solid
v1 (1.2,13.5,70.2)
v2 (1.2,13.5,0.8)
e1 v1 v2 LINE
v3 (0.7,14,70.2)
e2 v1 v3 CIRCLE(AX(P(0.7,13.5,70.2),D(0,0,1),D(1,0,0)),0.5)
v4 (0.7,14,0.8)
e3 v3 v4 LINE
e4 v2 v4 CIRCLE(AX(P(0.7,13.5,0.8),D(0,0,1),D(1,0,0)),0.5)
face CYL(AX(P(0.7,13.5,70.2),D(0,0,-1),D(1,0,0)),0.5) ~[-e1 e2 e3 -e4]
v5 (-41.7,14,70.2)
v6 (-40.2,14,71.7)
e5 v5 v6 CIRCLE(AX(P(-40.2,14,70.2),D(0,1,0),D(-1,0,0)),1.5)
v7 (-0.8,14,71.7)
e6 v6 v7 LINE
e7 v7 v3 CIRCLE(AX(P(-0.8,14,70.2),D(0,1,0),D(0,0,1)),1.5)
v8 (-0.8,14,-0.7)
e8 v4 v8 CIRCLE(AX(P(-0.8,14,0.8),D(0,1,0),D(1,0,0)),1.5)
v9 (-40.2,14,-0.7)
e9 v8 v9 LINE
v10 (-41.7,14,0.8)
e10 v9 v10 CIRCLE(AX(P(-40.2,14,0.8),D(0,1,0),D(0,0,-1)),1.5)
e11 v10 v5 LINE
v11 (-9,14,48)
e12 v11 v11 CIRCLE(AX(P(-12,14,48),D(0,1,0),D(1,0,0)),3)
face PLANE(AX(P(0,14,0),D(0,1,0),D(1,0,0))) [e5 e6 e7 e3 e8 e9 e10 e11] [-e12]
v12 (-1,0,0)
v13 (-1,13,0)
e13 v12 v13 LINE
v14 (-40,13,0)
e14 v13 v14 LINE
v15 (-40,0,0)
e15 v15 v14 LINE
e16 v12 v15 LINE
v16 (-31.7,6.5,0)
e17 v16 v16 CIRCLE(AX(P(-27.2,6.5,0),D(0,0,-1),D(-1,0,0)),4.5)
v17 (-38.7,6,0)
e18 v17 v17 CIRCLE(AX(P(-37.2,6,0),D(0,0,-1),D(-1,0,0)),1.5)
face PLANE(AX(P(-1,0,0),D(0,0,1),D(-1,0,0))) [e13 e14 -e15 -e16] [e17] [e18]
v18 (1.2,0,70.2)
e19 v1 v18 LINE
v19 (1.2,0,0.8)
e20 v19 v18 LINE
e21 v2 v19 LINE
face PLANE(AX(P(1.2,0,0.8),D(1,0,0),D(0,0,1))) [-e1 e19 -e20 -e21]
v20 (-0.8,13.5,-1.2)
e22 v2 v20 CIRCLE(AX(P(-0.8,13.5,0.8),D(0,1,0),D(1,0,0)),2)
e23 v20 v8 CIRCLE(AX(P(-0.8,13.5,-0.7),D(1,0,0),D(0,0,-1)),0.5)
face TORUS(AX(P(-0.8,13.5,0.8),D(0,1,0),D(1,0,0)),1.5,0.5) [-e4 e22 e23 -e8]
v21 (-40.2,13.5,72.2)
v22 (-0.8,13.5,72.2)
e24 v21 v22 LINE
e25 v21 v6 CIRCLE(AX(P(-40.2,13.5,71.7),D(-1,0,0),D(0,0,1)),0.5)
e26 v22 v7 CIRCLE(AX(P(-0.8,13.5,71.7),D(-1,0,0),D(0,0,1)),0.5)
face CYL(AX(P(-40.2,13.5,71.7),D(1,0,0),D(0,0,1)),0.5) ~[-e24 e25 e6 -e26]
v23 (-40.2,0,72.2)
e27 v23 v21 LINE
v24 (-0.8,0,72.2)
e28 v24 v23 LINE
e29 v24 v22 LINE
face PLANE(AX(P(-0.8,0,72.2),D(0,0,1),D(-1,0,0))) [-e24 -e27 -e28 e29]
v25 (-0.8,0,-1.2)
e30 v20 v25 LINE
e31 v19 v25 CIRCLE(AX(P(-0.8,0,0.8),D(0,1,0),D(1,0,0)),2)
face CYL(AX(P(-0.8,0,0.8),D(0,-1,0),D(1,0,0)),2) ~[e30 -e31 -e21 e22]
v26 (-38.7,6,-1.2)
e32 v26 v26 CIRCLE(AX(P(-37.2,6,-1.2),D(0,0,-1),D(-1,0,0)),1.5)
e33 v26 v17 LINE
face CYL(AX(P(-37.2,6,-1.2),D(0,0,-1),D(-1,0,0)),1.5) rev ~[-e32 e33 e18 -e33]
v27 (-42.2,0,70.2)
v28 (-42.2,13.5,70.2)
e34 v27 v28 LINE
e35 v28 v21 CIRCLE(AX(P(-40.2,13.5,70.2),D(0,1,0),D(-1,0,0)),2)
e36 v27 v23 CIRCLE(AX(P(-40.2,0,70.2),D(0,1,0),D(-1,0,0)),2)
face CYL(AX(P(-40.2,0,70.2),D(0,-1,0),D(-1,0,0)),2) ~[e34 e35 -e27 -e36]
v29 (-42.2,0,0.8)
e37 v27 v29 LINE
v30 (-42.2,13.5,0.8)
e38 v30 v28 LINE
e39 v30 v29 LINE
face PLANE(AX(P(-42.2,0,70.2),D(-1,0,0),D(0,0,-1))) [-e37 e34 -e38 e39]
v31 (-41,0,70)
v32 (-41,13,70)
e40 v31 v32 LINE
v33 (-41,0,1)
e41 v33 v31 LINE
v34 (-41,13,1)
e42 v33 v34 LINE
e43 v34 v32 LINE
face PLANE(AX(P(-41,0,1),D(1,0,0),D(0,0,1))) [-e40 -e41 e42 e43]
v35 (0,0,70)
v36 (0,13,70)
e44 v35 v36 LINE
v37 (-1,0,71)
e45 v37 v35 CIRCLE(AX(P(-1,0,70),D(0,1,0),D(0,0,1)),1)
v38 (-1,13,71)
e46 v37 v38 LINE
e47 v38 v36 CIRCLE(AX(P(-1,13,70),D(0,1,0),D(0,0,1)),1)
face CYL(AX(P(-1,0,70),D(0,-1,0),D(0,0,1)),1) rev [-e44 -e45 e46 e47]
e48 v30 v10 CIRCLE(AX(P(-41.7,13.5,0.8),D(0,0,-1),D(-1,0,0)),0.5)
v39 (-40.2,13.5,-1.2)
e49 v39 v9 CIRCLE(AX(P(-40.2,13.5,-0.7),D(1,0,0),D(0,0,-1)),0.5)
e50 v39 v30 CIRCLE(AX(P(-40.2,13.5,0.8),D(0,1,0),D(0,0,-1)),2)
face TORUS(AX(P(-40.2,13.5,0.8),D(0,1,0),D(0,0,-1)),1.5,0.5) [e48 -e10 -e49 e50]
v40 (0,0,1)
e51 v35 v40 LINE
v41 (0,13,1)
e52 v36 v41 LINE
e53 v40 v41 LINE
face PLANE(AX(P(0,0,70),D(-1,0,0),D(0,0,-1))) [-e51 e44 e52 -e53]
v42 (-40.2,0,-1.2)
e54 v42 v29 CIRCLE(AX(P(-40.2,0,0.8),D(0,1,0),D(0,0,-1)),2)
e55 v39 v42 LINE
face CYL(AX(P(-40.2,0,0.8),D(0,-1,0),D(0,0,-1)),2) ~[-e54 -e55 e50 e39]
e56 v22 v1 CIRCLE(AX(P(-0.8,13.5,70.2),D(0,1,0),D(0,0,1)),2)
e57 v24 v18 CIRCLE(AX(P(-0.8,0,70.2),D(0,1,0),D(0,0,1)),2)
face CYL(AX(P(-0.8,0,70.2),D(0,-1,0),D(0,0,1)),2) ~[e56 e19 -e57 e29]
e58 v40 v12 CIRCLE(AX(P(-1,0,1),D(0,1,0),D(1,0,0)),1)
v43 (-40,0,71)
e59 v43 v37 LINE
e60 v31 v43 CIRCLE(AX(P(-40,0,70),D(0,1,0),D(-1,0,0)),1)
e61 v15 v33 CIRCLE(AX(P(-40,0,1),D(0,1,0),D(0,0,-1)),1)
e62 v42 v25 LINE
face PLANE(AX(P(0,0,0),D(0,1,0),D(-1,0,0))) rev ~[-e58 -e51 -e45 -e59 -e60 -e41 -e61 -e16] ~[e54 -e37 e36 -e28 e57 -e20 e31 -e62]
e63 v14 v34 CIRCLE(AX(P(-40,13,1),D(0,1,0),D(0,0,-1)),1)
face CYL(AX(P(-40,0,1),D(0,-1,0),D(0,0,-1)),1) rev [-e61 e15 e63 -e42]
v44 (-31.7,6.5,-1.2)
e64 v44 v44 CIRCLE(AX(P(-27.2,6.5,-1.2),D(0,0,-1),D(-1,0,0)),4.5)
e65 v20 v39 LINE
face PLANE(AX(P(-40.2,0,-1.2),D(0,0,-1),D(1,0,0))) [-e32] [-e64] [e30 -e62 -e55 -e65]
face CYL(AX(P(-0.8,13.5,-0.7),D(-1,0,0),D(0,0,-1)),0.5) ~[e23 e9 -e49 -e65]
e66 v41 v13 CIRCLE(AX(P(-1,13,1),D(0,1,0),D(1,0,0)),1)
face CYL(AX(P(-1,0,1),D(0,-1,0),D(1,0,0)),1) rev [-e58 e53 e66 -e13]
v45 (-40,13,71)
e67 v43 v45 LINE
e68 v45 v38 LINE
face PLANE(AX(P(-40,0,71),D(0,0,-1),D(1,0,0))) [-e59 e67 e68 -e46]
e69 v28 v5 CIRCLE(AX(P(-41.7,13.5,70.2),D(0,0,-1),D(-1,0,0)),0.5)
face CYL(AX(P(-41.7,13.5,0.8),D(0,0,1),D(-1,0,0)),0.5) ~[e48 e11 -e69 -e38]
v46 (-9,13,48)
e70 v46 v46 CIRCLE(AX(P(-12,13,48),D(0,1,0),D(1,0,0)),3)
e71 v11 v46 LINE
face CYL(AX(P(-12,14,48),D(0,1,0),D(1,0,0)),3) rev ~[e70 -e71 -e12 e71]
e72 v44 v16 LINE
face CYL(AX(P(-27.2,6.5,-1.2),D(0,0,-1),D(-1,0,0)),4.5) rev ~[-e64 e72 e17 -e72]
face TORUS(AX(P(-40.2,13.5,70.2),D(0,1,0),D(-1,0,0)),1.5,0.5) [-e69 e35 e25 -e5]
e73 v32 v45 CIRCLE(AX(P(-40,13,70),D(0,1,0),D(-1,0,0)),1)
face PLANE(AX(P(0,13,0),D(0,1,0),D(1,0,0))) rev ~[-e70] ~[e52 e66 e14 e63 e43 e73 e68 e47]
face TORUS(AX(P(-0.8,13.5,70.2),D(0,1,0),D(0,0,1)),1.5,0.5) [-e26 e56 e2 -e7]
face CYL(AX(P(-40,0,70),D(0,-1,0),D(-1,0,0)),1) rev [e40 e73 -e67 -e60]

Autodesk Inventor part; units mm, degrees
ref_plane "YZ Plane" through (0, 0, 0) normal (1, 0, 0) x (0, 1, 0)
ref_plane "XZ Plane" through (0, 0, 0) normal (0, 1, 0) x (-1, 0, 0)
ref_plane "XY Plane" through (0, 0, 0) normal (0, 0, 1) x (1, 0, 0)
sketch "Skizze1" plane through (0, 0, 0) normal (0, 1, 0) x (-1, 0, 0)
  line L0 (1, 0) -> (40, 0)
  line L1 (41, 1) -> (41, 70)
  line L2 (40, 71) -> (1, 71)
  line L3 (0, 70) -> (0, 1)
  line L4 (42.2, 70.2) -> (42.2, 0.8)
  line L5 (40.2, -1.2) -> (0.8, -1.2)
  line L6 (-1.2, 0.8) -> (-1.2, 70.2)
  line L7 (0.8, 72.2) -> (40.2, 72.2)
  arc A0 (42.2, 70.2) -> (40.2, 72.2) centre (40.2, 70.2) ccw
  arc A1 (40.2, -1.2) -> (42.2, 0.8) centre (40.2, 0.8) ccw
  arc A2 (-1.2, 0.8) -> (0.8, -1.2) centre (0.8, 0.8) ccw
  arc A3 (0.8, 72.2) -> (-1.2, 70.2) centre (0.8, 70.2) ccw
  arc A4 (41, 70) -> (40, 71) centre (40, 70) ccw
  arc A5 (40, 0) -> (41, 1) centre (40, 1) ccw
  arc A6 (0, 1) -> (1, 0) centre (1, 1) ccw
  arc A7 (1, 71) -> (0, 70) centre (1, 70) ccw
  point P0 (0, 0)
  point P1 (41, 71)
  point P2 (41, 0)
  point P3 (0, 71)
  dimension "d0" = 41
  dimension "d1" = 71
  dimension "d2" = 1.2
  dimension "d3" = 2
  dimension "d4" = 1
extrude "Extrusion1" add sketch "Skizze1" along normal blind 13
sketch "Skizze2" plane through (0, 13, 0) normal (0, 1, 0) x (1, 0, 0)
  line L0 (1.2, -70.2) -> (1.2, -0.8) projected
  arc A0 (1.2, -0.8) -> (-0.8, 1.2) centre (-0.8, -0.8) ccw projected
  line L1 (-0.8, 1.2) -> (-40.2, 1.2) projected
  arc A1 (-40.2, 1.2) -> (-42.2, -0.8) centre (-40.2, -0.8) ccw projected
  line L2 (-42.2, -0.8) -> (-42.2, -70.2) projected
  arc A2 (-42.2, -70.2) -> (-40.2, -72.2) centre (-40.2, -70.2) ccw projected
  line L3 (-40.2, -72.2) -> (-0.8, -72.2) projected
  arc A3 (-0.8, -72.2) -> (1.2, -70.2) centre (-0.8, -70.2) ccw projected
  arc A4 (0, -1) -> (-1, 0) centre (-1, -1) ccw projected
  line L4 (0, -1) -> (0, -70) projected
  arc A5 (-1, -71) -> (0, -70) centre (-1, -70) ccw projected
  line L5 (-1, -71) -> (-40, -71) projected
  arc A6 (-41, -70) -> (-40, -71) centre (-40, -70) ccw projected
  line L6 (-41, -70) -> (-41, -1) projected
  arc A7 (-40, 0) -> (-41, -1) centre (-40, -1) ccw projected
  line L7 (-40, 0) -> (-1, 0) projected
  point P0 (0, 0)
extrude "Extrusion2" add sketch "Skizze2" along normal blind 1 contours A3 L3 A2 L2 A1 L1 A0 L0 | L4 A5 L5 A6 L6 A7 L7 A4
fillet "Rundung1" radius 0.5 8 edges at (0.6142, 14, -0.6142) (-20.5, 14, -1.2) (-41.6142, 14, -0.6142) (-42.2, 14, 35.5) (-41.6142, 14, 71.6142) (-20.5, 14, 72.2) (0.6142, 14, 71.6142) (1.2, 14, 35.5)
sketch "Skizze3" plane through (0, 14, 0) normal (0, 1, 0) x (1, 0, 0)
  circle A0 centre (-12, -48) radius 3
  line L0 (0, -1) -> (0, -70) projected
  line L1 (-40, 0) -> (-1, 0) projected
  point P0 (0, 0)
  dimension "d10" = 6
  dimension "d11" = 12
  dimension "d12" = 48
extrude "Extrusion3" cut sketch "Skizze3" against normal blind 1
sketch "Skizze4" plane through (-0.8, 0, -1.2) normal (0, 0, -1) x (-1, 0, 0)
  circle A0 centre (26.4, 6.5) radius 4.5
  line L0 (0, 0) -> (39.4, 0) projected
  line L1 (41.4, 0) -> (41.4, 13.5) projected
  circle A1 centre (36.4, 6) radius 1.5
  point P0 (-0.8, 0)
  dimension "d15" = 9
  dimension "d16" = 6.5
  dimension "d17" = 15
  dimension "d18" = 3
  dimension "d19" = 5
extrude "Extrusion4" cut sketch "Skizze4" against normal blind 5
properties part number "wanne"
